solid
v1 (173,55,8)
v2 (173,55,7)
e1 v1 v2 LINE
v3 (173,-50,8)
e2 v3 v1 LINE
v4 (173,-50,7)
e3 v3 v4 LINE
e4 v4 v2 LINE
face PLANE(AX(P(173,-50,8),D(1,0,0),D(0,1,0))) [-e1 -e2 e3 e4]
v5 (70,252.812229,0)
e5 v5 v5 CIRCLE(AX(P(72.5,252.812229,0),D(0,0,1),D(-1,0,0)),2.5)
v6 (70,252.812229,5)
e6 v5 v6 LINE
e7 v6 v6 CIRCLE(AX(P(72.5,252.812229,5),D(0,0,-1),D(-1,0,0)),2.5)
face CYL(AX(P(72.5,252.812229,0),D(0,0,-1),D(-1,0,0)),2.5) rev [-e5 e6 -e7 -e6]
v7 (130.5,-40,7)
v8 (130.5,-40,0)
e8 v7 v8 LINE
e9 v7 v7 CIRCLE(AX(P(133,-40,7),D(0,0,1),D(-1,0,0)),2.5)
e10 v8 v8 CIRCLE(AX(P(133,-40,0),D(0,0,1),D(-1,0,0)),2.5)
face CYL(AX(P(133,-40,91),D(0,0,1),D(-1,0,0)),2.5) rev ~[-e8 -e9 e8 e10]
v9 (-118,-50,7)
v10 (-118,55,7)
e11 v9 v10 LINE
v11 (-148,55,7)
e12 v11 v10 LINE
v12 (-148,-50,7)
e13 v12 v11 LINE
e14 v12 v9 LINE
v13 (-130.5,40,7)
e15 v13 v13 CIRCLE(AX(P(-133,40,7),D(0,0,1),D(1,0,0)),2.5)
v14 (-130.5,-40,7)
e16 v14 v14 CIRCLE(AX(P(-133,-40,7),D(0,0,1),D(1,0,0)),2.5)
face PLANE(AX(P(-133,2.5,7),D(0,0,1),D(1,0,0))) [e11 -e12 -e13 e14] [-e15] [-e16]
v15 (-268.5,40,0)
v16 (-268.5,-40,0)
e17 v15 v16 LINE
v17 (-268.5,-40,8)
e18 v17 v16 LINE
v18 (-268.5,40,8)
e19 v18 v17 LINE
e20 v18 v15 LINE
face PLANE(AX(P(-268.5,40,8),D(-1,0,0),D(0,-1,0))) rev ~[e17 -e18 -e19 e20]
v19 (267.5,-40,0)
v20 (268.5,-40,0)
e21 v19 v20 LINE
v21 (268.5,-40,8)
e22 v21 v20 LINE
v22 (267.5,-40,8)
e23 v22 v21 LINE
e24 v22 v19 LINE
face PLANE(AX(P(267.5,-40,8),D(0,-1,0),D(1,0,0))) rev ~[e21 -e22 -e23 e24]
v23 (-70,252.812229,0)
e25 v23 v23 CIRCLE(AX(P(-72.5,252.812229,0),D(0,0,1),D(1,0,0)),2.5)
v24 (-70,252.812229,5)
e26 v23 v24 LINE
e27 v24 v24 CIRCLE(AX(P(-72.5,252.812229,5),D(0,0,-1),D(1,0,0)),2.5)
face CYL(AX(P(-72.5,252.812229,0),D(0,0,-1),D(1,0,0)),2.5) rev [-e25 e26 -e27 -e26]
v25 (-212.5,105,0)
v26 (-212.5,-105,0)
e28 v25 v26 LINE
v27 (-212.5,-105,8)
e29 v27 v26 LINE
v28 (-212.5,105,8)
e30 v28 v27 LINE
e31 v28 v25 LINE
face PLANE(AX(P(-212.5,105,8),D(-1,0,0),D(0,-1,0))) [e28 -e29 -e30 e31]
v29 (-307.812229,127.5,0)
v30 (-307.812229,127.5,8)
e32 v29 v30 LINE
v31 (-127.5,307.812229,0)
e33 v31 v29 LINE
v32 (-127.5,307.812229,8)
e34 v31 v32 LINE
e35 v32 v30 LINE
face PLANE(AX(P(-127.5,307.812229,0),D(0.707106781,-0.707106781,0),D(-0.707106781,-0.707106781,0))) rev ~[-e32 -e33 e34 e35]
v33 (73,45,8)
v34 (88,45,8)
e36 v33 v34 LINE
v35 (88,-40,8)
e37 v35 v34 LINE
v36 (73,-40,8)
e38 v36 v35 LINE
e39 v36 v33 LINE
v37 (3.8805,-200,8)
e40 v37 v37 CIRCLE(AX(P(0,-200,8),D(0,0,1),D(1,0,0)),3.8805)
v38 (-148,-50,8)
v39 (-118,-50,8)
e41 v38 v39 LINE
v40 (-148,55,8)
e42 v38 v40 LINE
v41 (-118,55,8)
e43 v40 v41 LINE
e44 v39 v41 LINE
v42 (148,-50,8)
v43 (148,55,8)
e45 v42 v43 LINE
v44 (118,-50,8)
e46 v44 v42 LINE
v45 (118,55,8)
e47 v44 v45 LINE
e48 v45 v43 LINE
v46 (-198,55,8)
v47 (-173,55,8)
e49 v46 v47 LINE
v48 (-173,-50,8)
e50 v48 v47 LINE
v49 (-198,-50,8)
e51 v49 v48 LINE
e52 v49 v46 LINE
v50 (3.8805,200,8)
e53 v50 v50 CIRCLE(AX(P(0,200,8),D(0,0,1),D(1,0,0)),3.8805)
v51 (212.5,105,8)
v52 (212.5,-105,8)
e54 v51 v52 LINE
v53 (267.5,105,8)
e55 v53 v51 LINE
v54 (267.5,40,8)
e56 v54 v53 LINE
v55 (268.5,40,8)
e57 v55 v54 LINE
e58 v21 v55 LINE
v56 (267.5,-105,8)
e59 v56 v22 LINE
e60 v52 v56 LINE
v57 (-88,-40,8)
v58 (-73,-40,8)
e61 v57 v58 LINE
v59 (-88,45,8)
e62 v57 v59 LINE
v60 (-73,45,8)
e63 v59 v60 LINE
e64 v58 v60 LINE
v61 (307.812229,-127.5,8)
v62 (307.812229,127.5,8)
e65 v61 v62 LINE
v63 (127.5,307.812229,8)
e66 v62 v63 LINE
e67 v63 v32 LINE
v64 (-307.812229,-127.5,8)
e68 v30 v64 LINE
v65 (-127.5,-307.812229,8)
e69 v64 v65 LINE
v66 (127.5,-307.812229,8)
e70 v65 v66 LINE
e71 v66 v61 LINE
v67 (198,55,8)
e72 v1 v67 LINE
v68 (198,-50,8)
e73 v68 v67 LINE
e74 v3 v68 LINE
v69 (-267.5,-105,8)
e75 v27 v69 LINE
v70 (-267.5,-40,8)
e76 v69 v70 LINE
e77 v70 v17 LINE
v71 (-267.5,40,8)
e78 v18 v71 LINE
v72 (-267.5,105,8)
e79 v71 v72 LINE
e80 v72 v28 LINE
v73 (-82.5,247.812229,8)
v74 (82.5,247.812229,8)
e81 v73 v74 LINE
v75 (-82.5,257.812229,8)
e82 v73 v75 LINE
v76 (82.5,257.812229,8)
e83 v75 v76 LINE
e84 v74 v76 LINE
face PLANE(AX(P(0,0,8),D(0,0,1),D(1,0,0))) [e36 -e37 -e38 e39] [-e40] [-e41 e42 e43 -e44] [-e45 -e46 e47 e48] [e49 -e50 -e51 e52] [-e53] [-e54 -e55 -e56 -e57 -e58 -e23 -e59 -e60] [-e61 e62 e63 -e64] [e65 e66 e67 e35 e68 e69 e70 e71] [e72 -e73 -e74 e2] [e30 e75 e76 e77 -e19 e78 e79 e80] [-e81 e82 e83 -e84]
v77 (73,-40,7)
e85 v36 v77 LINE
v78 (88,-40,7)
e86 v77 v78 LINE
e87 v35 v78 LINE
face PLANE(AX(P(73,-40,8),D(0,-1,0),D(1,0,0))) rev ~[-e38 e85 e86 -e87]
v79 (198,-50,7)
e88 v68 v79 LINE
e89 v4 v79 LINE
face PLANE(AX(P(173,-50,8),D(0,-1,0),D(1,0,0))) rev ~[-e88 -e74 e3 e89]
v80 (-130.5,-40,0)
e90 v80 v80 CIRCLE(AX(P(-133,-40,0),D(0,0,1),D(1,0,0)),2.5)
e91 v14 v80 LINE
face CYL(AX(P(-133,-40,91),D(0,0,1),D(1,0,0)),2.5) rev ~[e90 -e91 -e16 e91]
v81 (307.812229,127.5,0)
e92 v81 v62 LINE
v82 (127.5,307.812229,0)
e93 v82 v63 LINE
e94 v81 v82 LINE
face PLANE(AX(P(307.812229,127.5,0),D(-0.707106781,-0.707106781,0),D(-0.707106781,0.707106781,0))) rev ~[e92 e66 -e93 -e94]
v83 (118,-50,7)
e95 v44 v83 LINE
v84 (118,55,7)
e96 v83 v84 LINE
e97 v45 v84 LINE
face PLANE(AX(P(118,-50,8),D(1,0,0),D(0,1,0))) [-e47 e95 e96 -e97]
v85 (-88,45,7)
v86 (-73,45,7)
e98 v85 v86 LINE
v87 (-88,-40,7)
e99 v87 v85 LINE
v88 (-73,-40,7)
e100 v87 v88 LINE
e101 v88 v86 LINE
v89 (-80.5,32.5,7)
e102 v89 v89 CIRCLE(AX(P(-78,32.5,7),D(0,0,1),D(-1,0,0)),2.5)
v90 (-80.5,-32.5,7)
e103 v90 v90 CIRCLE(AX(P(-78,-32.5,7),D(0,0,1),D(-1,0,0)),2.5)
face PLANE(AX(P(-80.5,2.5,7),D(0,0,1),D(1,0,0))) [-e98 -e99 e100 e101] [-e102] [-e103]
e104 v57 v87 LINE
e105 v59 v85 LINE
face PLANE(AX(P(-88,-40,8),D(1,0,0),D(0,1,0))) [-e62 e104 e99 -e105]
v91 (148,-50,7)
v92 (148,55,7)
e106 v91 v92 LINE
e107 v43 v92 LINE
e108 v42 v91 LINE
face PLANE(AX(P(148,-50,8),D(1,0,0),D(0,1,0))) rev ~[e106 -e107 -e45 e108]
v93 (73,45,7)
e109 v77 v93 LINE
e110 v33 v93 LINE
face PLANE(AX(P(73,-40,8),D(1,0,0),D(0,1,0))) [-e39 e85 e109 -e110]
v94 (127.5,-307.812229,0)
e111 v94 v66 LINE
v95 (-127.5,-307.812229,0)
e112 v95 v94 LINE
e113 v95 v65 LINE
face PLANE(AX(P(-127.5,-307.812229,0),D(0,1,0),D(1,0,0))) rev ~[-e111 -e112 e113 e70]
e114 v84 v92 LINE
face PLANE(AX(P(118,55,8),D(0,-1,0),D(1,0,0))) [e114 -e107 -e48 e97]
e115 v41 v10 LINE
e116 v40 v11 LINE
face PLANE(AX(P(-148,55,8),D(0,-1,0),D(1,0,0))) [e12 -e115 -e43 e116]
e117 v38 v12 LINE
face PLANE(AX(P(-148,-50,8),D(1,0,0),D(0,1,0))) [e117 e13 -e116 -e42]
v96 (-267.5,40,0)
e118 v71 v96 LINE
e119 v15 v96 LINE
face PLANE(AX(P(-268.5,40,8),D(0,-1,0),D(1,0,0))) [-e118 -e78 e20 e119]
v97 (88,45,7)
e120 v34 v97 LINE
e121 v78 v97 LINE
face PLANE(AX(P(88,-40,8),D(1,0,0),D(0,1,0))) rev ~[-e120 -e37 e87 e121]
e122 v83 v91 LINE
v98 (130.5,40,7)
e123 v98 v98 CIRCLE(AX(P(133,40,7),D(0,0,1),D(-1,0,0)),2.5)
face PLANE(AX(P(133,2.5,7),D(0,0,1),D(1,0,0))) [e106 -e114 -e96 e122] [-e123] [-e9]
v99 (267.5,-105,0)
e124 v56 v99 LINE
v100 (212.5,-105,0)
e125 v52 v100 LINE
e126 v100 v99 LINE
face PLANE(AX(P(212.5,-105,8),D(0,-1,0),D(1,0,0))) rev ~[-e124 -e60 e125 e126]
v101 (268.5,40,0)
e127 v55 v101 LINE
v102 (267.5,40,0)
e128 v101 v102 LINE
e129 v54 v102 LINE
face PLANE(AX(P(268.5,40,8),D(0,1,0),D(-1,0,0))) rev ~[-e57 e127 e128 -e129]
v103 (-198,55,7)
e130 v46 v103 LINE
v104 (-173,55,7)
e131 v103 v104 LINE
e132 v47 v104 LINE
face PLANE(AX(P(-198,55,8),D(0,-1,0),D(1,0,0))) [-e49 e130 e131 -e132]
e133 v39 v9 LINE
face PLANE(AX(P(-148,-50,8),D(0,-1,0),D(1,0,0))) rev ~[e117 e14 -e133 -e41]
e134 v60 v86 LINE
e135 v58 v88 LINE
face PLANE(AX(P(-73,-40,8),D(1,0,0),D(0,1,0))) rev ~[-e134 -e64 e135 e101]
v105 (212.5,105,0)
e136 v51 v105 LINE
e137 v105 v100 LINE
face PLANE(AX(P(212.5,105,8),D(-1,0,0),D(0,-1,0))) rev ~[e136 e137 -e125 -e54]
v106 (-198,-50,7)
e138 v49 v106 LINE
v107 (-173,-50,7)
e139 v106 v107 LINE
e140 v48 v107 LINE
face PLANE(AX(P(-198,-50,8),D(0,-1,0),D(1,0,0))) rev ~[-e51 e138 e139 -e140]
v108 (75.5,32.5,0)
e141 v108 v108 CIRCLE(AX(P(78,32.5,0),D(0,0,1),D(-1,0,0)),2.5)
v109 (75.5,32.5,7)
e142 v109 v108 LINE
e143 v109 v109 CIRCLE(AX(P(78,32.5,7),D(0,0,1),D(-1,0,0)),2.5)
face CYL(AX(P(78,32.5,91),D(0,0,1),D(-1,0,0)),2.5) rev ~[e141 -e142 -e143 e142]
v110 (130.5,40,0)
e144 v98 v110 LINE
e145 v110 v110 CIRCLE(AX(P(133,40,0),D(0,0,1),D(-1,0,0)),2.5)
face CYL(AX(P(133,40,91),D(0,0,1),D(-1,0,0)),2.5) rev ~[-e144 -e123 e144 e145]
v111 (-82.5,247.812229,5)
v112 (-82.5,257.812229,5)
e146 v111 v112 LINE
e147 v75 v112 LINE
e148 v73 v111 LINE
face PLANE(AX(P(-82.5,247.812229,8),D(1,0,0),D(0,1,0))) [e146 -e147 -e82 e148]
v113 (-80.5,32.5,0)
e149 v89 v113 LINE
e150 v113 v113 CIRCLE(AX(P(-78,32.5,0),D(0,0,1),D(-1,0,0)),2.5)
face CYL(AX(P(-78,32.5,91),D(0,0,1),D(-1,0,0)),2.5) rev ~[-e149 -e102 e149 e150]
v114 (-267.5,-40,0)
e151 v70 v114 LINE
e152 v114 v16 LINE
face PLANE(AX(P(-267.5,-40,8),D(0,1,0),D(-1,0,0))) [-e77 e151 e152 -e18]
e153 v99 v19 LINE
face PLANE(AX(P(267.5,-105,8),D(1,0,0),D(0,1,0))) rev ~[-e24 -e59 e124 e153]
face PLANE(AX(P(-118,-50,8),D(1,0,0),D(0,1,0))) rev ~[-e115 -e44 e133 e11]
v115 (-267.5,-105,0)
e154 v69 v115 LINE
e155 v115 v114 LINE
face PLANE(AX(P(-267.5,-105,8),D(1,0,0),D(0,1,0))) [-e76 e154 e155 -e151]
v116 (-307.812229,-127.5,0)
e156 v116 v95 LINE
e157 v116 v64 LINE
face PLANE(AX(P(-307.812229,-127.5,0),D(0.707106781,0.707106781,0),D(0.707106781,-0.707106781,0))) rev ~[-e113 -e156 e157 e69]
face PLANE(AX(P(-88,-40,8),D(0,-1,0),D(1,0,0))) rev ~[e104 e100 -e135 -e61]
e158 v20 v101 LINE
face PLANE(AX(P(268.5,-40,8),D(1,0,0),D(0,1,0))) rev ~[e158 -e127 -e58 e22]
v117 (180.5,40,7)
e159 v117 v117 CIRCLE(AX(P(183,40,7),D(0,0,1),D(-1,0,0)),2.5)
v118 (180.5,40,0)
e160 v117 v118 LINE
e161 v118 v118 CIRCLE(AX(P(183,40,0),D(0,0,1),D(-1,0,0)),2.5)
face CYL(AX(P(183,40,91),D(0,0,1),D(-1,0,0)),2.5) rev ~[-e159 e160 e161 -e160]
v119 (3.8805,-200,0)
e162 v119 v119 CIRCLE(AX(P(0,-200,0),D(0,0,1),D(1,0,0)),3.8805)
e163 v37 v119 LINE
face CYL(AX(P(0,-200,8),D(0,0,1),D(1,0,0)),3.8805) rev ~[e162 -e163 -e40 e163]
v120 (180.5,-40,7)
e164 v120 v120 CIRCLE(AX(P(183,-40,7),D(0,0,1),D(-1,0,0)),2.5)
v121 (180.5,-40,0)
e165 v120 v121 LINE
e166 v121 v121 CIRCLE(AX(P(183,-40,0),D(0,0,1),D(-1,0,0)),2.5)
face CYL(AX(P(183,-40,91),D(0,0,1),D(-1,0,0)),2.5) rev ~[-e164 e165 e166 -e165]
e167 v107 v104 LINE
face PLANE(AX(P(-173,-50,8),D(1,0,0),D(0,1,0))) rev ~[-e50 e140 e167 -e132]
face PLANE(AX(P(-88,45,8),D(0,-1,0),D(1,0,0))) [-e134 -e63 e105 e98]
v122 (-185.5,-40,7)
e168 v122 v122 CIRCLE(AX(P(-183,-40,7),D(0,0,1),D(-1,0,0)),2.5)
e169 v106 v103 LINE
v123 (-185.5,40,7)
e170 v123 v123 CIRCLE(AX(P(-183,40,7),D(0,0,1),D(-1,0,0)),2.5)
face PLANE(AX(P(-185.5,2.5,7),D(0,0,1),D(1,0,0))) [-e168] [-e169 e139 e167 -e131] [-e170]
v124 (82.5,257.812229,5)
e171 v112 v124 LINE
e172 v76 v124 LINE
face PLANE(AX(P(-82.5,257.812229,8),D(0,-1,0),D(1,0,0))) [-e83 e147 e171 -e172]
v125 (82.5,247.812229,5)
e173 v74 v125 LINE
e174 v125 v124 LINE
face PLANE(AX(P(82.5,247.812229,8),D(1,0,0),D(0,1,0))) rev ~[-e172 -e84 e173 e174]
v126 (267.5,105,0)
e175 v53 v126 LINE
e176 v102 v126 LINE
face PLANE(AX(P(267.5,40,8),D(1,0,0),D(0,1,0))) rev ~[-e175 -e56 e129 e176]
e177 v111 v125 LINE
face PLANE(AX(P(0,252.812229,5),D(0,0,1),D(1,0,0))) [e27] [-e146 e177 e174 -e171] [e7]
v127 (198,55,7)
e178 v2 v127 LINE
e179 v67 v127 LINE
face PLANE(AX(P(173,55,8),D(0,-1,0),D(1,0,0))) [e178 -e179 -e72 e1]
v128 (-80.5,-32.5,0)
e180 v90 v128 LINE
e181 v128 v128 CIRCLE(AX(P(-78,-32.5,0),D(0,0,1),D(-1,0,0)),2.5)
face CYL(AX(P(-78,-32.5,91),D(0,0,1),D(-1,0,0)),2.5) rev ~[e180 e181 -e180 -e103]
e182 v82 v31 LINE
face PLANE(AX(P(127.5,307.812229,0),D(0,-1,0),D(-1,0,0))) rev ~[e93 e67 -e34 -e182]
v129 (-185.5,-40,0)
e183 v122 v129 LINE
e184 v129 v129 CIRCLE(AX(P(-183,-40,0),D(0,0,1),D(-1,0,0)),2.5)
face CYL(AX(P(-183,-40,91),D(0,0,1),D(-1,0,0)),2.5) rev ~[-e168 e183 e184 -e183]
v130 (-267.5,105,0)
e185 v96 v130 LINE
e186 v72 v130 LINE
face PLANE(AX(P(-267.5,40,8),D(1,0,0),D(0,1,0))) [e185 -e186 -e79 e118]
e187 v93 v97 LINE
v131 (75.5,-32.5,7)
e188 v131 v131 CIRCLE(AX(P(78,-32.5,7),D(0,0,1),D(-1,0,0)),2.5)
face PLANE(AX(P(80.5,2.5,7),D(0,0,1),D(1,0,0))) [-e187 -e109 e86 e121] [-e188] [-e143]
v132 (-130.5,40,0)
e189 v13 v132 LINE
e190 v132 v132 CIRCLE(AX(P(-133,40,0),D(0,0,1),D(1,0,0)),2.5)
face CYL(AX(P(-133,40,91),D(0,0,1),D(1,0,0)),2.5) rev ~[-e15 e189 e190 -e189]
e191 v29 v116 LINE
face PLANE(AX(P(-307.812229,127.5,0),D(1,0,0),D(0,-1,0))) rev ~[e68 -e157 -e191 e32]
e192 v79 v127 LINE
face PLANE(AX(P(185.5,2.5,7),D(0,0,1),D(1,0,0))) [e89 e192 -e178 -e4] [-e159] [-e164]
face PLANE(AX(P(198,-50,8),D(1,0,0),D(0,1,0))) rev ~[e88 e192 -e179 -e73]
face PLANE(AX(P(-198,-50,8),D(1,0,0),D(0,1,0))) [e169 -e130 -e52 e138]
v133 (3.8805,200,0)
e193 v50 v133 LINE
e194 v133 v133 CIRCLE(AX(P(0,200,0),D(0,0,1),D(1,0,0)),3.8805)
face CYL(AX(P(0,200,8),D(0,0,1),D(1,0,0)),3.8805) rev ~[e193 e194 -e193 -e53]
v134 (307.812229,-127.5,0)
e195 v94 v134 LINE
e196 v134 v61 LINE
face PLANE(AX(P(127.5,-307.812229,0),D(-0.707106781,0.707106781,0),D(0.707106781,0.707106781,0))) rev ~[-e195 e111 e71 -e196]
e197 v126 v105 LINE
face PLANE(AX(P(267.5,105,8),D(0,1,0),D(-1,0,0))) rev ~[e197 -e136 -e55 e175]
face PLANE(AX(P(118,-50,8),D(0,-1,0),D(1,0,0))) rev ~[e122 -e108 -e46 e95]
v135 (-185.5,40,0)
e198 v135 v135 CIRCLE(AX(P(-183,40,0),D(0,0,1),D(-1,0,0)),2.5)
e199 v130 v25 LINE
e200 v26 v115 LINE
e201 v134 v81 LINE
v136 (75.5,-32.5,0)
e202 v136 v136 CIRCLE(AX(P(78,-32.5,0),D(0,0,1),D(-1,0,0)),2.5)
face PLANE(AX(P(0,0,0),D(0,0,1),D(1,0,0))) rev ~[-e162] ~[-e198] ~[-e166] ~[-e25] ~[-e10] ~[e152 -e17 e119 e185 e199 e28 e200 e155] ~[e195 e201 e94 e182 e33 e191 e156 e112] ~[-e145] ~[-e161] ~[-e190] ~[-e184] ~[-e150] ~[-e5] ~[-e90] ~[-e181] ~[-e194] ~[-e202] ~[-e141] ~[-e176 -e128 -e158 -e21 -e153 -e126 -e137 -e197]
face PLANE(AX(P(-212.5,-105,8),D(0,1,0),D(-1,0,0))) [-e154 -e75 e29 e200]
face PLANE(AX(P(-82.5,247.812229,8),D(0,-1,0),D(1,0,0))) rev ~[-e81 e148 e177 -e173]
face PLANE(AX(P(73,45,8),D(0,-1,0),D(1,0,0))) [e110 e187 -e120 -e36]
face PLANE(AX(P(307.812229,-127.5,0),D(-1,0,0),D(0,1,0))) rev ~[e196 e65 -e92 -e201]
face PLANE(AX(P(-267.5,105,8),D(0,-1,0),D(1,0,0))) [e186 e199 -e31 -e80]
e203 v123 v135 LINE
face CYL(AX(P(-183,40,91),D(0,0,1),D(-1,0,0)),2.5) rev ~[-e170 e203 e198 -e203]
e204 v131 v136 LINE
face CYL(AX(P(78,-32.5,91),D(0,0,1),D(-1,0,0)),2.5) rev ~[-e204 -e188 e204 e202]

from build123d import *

# Parameters (mm, degrees)
BOSS_EXTRUDE1_DEPTH = 8
SKETCH2_R           = 3.8805
CUT_EXTRUDE1_DEPTH  = 10
SKETCH5_W           = 15
SKETCH5_H           = 85
SKETCH5_R           = 2.5
SKETCH5_W_2         = 25
SKETCH5_H_2         = 105
SKETCH5_W_3         = 30
CUT_EXTRUDE4_DEPTH  = 1
CUT_EXTRUDE7_START  = 91
SKETCH10_R          = 2.5
CUT_EXTRUDE7_DEPTH  = 91
SKETCH12_W          = 165
SKETCH12_H          = 10
SKETCH12_R          = 2
CUT_EXTRUDE11_DEPTH = 3
SKETCH14_R          = 2.5
CUT_EXTRUDE14_DEPTH = 22


with BuildPart() as part:
    # Sketch1 → Boss-Extrude1 (new body)
    with BuildSketch(Plane.XY):
        Polygon((307.812229203, 127.5), (127.5, 307.812229203), (-127.5, 307.812229203), (-307.812229203, 127.5), (-307.812229203, -127.5), (-127.5, -307.812229203), (127.5, -307.812229203), (307.812229203, -127.5), align=None)
    extrude(amount=BOSS_EXTRUDE1_DEPTH)

    # Sketch2 → Cut-Extrude1 (cut)
    with BuildSketch(Plane.XY.offset(8)):
        with Locations((0, 200)):
            Circle(SKETCH2_R)
        with Locations((0, -200)):
            Circle(SKETCH2_R)
        Polygon((212.5, 105), (212.5, -105), (267.5, -105), (267.5, -40), (268.5, -40), (268.5, 0), (268.5, 40), (267.5, 40), (267.5, 105), align=None)
        Polygon((-267.5, 105), (-212.5, 105), (-212.5, -105), (-267.5, -105), (-267.5, -40), (-268.5, -40), (-268.5, 0), (-268.5, 40), (-267.5, 40), align=None)
    extrude(amount=-CUT_EXTRUDE1_DEPTH, mode=Mode.SUBTRACT)

    # Sketch5 → Cut-Extrude4 (cut)
    # profile 1 of 6: a face of its own
    with BuildSketch(Plane.XY.offset(8)):
        with Locations((80.5, 2.5)):
            Rectangle(SKETCH5_W, SKETCH5_H)
        with Locations((78, 32.5)):
            Circle(SKETCH5_R, mode=Mode.SUBTRACT)
        with Locations((78, -32.5)):
            Circle(SKETCH5_R, mode=Mode.SUBTRACT)
    # profile 2 of 6: a face of its own
    with BuildSketch(Plane.XY.offset(8)):
        with Locations((-185.5, 2.5)):
            Rectangle(SKETCH5_W_2, SKETCH5_H_2)
        with Locations((-183, -40)):
            Circle(SKETCH5_R, mode=Mode.SUBTRACT)
        with Locations((-183, 40)):
            Circle(SKETCH5_R, mode=Mode.SUBTRACT)
    # profile 3 of 6: a face of its own
    with BuildSketch(Plane.XY.offset(8)):
        with Locations((-133, 2.5)):
            Rectangle(SKETCH5_W_3, SKETCH5_H_2)
        with Locations((-133, -40)):
            Circle(SKETCH5_R, mode=Mode.SUBTRACT)
        with Locations((-133, 40)):
            Circle(SKETCH5_R, mode=Mode.SUBTRACT)
    # profile 4 of 6: a face of its own
    with BuildSketch(Plane.XY.offset(8)):
        with Locations((-80.5, 2.5)):
            Rectangle(SKETCH5_W, SKETCH5_H)
        with Locations((-78, -32.5)):
            Circle(SKETCH5_R, mode=Mode.SUBTRACT)
        with Locations((-78, 32.5)):
            Circle(SKETCH5_R, mode=Mode.SUBTRACT)
    # profile 5 of 6: a face of its own
    with BuildSketch(Plane.XY.offset(8)):
        with Locations((133, 2.5)):
            Rectangle(SKETCH5_W_3, SKETCH5_H_2)
        with Locations((133, 40)):
            Circle(SKETCH5_R, mode=Mode.SUBTRACT)
        with Locations((133, -40)):
            Circle(SKETCH5_R, mode=Mode.SUBTRACT)
    # profile 6 of 6: a face of its own
    with BuildSketch(Plane.XY.offset(8)):
        with Locations((185.5, 2.5)):
            Rectangle(SKETCH5_W_2, SKETCH5_H_2)
        with Locations((183, 40)):
            Circle(SKETCH5_R, mode=Mode.SUBTRACT)
        with Locations((183, -40)):
            Circle(SKETCH5_R, mode=Mode.SUBTRACT)
    extrude(amount=-CUT_EXTRUDE4_DEPTH, mode=Mode.SUBTRACT)

    # Sketch10 → Cut-Extrude7 (cut)
    with BuildSketch(Plane.XY.offset(CUT_EXTRUDE7_START)):
        with Locations((-183, -40)):
            Circle(SKETCH10_R)
        with Locations((-183, 40)):
            Circle(SKETCH10_R)
        with Locations((-133, -40)):
            Circle(SKETCH10_R)
        with Locations((-133, 40)):
            Circle(SKETCH10_R)
        with Locations((-78, -32.5)):
            Circle(SKETCH10_R)
        with Locations((-78, 32.5)):
            Circle(SKETCH10_R)
        with Locations((78, 32.5)):
            Circle(SKETCH10_R)
        with Locations((78, -32.5)):
            Circle(SKETCH10_R)
        with Locations((133, 40)):
            Circle(SKETCH10_R)
        with Locations((133, -40)):
            Circle(SKETCH10_R)
        with Locations((183, 40)):
            Circle(SKETCH10_R)
        with Locations((183, -40)):
            Circle(SKETCH10_R)
    extrude(amount=-CUT_EXTRUDE7_DEPTH, mode=Mode.SUBTRACT)

    # Sketch12 → Cut-Extrude11 (cut)
    with BuildSketch(Plane.XY.offset(8)):
        with Locations((0, 252.812229203)):
            Rectangle(SKETCH12_W, SKETCH12_H)
        with Locations((-72.5, 252.812229203)):
            Circle(SKETCH12_R, mode=Mode.SUBTRACT)
        with Locations((72.5, 252.812229203)):
            Circle(SKETCH12_R, mode=Mode.SUBTRACT)
    extrude(amount=-CUT_EXTRUDE11_DEPTH, mode=Mode.SUBTRACT)

    # Sketch14 → Cut-Extrude14 (cut)
    with BuildSketch(Plane.XY):
        with Locations((-72.5, 252.812229203)):
            Circle(SKETCH14_R)
        with Locations((72.5, 252.812229203)):
            Circle(SKETCH14_R)
    extrude(amount=CUT_EXTRUDE14_DEPTH, mode=Mode.SUBTRACT)


solid = part.part
